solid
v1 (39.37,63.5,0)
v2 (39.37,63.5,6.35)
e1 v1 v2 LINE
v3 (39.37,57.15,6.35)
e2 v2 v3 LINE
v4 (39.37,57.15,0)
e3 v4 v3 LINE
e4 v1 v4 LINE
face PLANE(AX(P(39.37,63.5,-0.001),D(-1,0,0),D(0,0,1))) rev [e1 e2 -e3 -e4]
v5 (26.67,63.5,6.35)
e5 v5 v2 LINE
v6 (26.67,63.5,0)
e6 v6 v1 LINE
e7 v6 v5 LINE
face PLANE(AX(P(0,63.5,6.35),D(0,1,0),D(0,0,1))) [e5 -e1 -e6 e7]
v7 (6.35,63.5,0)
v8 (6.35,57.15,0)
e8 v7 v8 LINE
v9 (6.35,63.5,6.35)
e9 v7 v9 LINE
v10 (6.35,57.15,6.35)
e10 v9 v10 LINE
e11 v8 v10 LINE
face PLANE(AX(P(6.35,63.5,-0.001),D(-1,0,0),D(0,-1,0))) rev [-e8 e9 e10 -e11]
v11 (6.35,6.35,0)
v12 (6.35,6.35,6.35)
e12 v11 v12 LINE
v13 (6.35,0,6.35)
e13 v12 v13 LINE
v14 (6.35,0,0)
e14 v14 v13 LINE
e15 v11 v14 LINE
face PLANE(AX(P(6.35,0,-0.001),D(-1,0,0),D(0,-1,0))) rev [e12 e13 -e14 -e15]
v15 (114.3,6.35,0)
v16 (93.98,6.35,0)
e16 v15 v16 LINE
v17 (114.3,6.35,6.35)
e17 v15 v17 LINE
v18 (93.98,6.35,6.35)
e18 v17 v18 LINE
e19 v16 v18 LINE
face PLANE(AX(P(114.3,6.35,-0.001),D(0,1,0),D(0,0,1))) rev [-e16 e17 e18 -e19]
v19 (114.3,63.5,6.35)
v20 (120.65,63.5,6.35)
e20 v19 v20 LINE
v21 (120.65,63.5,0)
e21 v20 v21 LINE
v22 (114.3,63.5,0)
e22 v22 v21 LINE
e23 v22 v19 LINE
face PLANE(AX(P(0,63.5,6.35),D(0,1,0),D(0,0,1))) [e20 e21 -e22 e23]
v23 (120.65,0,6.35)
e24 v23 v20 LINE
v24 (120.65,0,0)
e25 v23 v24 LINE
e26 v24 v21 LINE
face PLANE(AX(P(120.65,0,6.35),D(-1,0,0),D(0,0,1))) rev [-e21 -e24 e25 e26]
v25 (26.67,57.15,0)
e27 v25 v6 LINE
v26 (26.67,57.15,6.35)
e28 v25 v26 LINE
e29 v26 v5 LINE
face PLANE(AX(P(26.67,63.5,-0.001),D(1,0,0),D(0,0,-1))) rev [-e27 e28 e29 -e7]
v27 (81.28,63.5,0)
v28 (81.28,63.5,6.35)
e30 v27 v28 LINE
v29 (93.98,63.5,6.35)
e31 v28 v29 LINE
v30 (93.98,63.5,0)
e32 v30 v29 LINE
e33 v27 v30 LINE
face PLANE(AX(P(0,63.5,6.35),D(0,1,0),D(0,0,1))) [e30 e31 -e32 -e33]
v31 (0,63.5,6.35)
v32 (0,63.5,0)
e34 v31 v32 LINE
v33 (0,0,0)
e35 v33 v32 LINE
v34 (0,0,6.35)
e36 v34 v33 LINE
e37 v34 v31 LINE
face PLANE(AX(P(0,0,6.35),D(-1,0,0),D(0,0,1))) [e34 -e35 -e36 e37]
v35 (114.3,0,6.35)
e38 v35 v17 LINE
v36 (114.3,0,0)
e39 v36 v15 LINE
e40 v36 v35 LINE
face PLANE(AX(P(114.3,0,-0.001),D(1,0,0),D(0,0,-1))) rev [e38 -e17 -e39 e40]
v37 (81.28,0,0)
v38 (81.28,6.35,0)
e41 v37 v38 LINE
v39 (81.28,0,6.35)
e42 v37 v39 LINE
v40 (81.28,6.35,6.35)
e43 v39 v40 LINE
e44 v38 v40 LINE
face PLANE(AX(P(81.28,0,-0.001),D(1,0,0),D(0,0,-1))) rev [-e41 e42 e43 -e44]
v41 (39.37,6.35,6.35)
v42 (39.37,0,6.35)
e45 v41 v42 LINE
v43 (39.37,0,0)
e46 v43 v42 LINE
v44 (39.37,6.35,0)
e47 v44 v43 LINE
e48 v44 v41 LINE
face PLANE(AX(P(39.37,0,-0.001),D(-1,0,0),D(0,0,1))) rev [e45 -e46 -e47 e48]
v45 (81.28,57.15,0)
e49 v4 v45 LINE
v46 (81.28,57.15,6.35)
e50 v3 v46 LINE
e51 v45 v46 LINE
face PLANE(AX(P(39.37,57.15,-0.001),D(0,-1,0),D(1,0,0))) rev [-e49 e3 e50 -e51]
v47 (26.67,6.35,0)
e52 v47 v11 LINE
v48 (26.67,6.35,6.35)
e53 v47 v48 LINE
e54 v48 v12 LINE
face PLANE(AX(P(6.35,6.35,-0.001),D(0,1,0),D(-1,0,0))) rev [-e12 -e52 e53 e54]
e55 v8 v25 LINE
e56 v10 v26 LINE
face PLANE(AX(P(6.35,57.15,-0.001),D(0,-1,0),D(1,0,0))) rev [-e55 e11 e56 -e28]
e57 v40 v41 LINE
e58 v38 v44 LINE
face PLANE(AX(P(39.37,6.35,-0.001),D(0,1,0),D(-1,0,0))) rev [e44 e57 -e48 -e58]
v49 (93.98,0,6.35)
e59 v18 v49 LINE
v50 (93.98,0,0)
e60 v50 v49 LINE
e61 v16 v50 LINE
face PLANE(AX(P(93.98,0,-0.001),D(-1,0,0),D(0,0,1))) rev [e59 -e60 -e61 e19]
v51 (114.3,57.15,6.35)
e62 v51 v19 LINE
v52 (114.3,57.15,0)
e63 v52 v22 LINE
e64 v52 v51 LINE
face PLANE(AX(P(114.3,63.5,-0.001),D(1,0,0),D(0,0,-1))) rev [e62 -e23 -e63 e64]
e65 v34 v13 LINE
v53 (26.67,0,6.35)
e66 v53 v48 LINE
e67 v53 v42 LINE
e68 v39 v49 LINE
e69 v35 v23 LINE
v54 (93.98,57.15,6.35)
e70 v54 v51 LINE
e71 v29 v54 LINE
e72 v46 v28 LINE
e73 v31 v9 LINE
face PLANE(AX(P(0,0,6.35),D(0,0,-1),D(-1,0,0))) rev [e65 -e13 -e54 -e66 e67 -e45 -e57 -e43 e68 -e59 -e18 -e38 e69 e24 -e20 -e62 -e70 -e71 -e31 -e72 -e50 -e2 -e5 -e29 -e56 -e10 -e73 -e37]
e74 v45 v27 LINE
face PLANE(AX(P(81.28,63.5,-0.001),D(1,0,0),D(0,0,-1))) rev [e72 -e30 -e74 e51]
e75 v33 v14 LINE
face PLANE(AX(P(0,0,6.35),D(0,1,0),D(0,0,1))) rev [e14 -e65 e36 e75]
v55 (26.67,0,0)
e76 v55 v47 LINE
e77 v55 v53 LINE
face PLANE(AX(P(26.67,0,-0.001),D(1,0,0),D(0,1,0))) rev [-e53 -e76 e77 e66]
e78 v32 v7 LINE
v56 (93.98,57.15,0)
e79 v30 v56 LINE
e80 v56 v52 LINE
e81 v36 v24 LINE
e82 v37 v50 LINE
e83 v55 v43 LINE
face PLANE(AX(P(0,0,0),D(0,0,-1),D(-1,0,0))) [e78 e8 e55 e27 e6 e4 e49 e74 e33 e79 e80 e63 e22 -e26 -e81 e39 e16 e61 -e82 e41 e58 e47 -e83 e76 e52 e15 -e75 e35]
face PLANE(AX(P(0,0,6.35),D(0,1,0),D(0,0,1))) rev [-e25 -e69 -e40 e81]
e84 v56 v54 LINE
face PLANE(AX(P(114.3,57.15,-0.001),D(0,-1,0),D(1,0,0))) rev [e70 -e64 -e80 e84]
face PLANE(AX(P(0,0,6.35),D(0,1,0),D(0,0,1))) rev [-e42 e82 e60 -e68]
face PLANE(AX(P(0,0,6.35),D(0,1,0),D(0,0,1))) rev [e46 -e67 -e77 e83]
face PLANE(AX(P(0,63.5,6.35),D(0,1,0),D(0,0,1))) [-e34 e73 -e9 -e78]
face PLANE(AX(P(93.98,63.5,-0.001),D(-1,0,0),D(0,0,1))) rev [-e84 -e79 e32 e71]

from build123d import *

# Parameters (mm, degrees)
SKETCH1_W           = 120.65
SKETCH1_H           = 63.5
BOSS_EXTRUDE1_DEPTH = 6.35
CUT_EXTRUDE1_REACH  = 138.488
SKETCH2_W           = 20.32
SKETCH2_H           = 6.35
SKETCH2_W_2         = 41.91


with BuildPart() as part:
    # Sketch1 → Boss-Extrude1 (new body)
    with BuildSketch(Plane.XY):
        with Locations((60.325, 31.75)):
            Rectangle(SKETCH1_W, SKETCH1_H)
    extrude(amount=BOSS_EXTRUDE1_DEPTH)

    # Sketch2 → Cut-Extrude1 (cut, up to next)
    with BuildSketch(Plane.XY.offset(6.35), mode=Mode.PRIVATE) as cut_extrude1_sk1:
        with Locations((16.51, 60.325)):
            Rectangle(SKETCH2_W, SKETCH2_H)
    cut_extrude1_tool1 = extrude(cut_extrude1_sk1.sketch, amount=-CUT_EXTRUDE1_REACH, mode=Mode.PRIVATE) & part.part
    # Sketch2 → Cut-Extrude1 (cut, up to next)
    with BuildSketch(Plane.XY.offset(6.35), mode=Mode.PRIVATE) as cut_extrude1_sk2:
        with Locations((60.325, 60.325)):
            Rectangle(SKETCH2_W_2, SKETCH2_H)
    cut_extrude1_tool2 = extrude(cut_extrude1_sk2.sketch, amount=-CUT_EXTRUDE1_REACH, mode=Mode.PRIVATE) & part.part
    # Sketch2 → Cut-Extrude1 (cut, up to next)
    with BuildSketch(Plane.XY.offset(6.35), mode=Mode.PRIVATE) as cut_extrude1_sk3:
        with Locations((104.14, 60.325)):
            Rectangle(SKETCH2_W, SKETCH2_H)
    cut_extrude1_tool3 = extrude(cut_extrude1_sk3.sketch, amount=-CUT_EXTRUDE1_REACH, mode=Mode.PRIVATE) & part.part
    # Sketch2 → Cut-Extrude1 (cut, up to next)
    with BuildSketch(Plane.XY.offset(6.35), mode=Mode.PRIVATE) as cut_extrude1_sk4:
        with Locations((104.14, 3.175)):
            Rectangle(SKETCH2_W, SKETCH2_H)
    cut_extrude1_tool4 = extrude(cut_extrude1_sk4.sketch, amount=-CUT_EXTRUDE1_REACH, mode=Mode.PRIVATE) & part.part
    # Sketch2 → Cut-Extrude1 (cut, up to next)
    with BuildSketch(Plane.XY.offset(6.35), mode=Mode.PRIVATE) as cut_extrude1_sk5:
        with Locations((60.325, 3.175)):
            Rectangle(SKETCH2_W_2, SKETCH2_H)
    cut_extrude1_tool5 = extrude(cut_extrude1_sk5.sketch, amount=-CUT_EXTRUDE1_REACH, mode=Mode.PRIVATE) & part.part
    # Sketch2 → Cut-Extrude1 (cut, up to next)
    with BuildSketch(Plane.XY.offset(6.35), mode=Mode.PRIVATE) as cut_extrude1_sk6:
        with Locations((16.51, 3.175)):
            Rectangle(SKETCH2_W, SKETCH2_H)
    cut_extrude1_tool6 = extrude(cut_extrude1_sk6.sketch, amount=-CUT_EXTRUDE1_REACH, mode=Mode.PRIVATE) & part.part
    add(cut_extrude1_tool1.solids().sort_by_distance((16.51, 60.325, 6.35))[0], mode=Mode.SUBTRACT)
    add(cut_extrude1_tool2.solids().sort_by_distance((60.325, 60.325, 6.35))[0], mode=Mode.SUBTRACT)
    add(cut_extrude1_tool3.solids().sort_by_distance((104.14, 60.325, 6.35))[0], mode=Mode.SUBTRACT)
    add(cut_extrude1_tool4.solids().sort_by_distance((104.14, 3.175, 6.35))[0], mode=Mode.SUBTRACT)
    add(cut_extrude1_tool5.solids().sort_by_distance((60.325, 3.175, 6.35))[0], mode=Mode.SUBTRACT)
    add(cut_extrude1_tool6.solids().sort_by_distance((16.51, 3.175, 6.35))[0], mode=Mode.SUBTRACT)


solid = part.part
